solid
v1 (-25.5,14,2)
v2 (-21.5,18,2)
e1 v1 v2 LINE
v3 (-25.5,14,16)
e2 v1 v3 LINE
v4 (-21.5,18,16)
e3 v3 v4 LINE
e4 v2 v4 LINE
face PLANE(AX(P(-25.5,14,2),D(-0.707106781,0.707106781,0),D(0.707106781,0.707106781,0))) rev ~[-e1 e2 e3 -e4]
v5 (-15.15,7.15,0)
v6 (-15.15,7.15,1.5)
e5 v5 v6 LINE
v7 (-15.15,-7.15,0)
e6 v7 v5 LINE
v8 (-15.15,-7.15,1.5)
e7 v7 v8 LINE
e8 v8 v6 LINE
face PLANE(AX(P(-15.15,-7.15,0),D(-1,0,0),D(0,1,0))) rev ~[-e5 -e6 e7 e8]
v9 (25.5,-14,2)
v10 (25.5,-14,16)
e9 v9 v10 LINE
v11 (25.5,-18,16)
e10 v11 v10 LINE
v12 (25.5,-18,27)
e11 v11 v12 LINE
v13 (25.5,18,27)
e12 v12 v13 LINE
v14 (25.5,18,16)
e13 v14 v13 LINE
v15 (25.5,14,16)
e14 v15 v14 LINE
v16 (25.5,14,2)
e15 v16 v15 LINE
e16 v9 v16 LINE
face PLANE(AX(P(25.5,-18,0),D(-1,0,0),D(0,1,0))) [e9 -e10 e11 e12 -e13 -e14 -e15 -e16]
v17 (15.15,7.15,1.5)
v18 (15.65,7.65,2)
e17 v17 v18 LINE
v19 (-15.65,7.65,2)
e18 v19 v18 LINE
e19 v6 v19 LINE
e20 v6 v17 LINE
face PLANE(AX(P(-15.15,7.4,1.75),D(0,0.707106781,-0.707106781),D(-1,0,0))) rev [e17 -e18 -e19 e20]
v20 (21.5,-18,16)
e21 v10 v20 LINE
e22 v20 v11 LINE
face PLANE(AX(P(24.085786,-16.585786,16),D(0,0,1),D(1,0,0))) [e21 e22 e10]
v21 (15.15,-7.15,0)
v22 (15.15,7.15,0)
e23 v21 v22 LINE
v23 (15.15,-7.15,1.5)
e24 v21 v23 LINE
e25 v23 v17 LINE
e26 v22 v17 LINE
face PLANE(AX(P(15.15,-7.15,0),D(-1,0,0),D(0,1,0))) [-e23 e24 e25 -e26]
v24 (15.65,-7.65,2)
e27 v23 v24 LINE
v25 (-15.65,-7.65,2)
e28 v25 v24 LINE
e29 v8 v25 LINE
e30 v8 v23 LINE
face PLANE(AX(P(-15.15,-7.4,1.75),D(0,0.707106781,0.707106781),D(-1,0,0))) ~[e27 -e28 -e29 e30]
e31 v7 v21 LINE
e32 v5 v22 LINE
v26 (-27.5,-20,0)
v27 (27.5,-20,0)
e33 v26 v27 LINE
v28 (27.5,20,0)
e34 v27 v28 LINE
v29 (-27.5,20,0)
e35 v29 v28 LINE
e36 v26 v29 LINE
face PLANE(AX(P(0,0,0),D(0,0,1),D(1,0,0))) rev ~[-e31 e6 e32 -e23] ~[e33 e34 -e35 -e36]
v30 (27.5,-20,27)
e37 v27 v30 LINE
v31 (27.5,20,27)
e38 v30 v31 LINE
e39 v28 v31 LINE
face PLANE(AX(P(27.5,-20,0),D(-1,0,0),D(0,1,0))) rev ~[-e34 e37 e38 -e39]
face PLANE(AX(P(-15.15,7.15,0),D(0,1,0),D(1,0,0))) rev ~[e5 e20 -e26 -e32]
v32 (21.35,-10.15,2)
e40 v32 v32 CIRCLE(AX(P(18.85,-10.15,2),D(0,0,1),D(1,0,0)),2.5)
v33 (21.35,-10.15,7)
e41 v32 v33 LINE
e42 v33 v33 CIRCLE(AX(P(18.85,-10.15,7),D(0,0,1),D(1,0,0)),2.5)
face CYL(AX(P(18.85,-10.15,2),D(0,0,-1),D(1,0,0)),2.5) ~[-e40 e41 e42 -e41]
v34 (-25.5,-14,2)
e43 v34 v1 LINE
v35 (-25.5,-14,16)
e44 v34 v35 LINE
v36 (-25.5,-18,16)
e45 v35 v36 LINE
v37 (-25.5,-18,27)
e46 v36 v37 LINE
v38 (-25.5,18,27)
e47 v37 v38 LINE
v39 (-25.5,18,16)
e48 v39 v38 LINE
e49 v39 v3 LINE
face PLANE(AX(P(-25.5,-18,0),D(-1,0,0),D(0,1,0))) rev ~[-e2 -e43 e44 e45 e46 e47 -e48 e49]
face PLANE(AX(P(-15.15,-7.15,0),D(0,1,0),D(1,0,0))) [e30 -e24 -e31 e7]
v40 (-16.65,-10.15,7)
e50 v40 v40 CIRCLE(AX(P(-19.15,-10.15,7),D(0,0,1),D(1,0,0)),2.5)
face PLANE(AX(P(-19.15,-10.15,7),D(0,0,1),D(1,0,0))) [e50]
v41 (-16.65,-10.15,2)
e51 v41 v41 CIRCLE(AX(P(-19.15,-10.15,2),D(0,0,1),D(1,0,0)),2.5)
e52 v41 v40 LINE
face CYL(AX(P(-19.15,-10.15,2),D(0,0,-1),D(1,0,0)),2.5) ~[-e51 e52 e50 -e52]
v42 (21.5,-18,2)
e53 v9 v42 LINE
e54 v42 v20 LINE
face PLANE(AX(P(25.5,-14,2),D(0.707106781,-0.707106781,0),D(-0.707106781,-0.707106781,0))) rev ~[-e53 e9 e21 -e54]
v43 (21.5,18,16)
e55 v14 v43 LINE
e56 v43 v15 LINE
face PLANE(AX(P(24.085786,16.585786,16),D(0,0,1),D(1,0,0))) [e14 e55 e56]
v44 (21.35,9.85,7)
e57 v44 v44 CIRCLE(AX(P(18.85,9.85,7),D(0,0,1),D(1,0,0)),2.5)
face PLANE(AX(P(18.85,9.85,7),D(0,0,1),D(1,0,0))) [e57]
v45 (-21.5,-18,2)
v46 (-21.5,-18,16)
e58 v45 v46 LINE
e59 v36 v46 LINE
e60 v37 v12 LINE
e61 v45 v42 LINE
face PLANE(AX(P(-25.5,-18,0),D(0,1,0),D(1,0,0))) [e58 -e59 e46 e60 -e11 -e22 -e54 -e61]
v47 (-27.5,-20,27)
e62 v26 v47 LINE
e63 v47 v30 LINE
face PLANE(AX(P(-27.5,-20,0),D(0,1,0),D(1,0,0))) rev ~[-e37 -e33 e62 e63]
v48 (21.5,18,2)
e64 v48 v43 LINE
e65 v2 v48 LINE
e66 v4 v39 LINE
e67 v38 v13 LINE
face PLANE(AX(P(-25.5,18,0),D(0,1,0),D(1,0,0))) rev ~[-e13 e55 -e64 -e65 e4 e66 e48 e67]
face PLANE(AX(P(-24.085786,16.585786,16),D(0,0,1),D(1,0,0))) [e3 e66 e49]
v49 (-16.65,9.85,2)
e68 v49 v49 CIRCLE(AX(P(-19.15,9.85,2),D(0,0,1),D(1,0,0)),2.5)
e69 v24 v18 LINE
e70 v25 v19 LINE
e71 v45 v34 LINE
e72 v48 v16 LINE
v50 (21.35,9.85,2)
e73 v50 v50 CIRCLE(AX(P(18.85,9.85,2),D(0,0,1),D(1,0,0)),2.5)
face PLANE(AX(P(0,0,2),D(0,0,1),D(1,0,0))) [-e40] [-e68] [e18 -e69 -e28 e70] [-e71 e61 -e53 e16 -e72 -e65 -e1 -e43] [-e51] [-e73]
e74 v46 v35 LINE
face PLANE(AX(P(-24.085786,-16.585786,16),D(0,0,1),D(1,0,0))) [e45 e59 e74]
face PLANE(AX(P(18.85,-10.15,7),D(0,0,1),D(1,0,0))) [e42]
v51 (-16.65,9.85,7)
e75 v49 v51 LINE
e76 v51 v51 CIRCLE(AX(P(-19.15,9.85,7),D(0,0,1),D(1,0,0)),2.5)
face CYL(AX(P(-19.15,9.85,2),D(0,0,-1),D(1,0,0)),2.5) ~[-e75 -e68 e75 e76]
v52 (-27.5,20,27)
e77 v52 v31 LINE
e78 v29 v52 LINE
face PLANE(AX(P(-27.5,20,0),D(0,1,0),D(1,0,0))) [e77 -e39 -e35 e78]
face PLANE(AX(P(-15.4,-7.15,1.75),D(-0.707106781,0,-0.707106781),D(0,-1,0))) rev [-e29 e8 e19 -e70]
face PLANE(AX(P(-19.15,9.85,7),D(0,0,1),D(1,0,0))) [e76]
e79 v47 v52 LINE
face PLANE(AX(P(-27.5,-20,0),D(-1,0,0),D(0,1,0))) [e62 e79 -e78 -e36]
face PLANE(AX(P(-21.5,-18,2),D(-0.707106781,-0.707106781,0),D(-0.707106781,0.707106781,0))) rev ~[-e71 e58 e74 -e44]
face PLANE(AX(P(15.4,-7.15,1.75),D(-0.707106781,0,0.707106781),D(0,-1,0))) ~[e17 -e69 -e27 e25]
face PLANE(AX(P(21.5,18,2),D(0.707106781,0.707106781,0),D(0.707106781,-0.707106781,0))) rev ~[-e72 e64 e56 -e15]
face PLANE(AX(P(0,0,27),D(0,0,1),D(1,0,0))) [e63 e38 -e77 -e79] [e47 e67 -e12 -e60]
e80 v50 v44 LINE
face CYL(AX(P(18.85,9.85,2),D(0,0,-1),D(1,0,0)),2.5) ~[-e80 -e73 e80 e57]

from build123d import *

# Parameters (mm, degrees)
F1_W     = 51
F1_H     = 36
F1_W_2   = 30.3
F1_H_2   = 14.3
F2_DEPTH = 2
F3_R     = 2.5
F4_DEPTH = 5
F5_DEPTH = 14
F0_W     = 55
F0_H     = 40
F0_W_2   = 51
F0_H_2   = 36
F6_DEPTH = 27
F7_SIZE  = 0.5


with BuildPart() as f2:
    # F1 (on face) → F2 (new body)
    with BuildSketch(Plane.XY):
        Rectangle(F1_W, F1_H)
        Rectangle(F1_W_2, F1_H_2, mode=Mode.SUBTRACT)
    extrude(amount=F2_DEPTH)

    # F3 (on face) → F4 (join)
    with BuildSketch(Plane.XY.offset(2)):
        with Locations((-19.15, 9.85)):
            Circle(F3_R)
        with Locations((18.85, 9.85)):
            Circle(F3_R)
        with Locations((18.85, -10.15)):
            Circle(F3_R)
        with Locations((-19.15, -10.15)):
            Circle(F3_R)
    extrude(amount=F4_DEPTH)

    # F3 (on face) → F5 (join)
    with BuildSketch(Plane.XY.offset(2)):
        Polygon((-21.5, 18), (-25.5, 18), (-25.5, 14), align=None)
        Polygon((-25.5, -14), (-25.5, -18), (-21.5, -18), align=None)
        Polygon((21.5, -18), (25.5, -18), (25.5, -14), align=None)
        Polygon((25.5, 14), (25.5, 18), (21.5, 18), align=None)
    extrude(amount=F5_DEPTH)

    # F0 (on Top) → F6 (join)
    with BuildSketch(Plane.XY):
        Rectangle(F0_W, F0_H)
        Rectangle(F0_W_2, F0_H_2, mode=Mode.SUBTRACT)
    extrude(amount=F6_DEPTH)

    # F7
    f7_edges = [f2.edges().sort_by_distance(p)[0] for p in [
        (0, 7.15, 2),
        (15.15, 0, 2),
        (0, -7.15, 2),
        (-15.15, 0, 2),
    ]]
    chamfer(f7_edges, length=F7_SIZE)


solid = f2.part
